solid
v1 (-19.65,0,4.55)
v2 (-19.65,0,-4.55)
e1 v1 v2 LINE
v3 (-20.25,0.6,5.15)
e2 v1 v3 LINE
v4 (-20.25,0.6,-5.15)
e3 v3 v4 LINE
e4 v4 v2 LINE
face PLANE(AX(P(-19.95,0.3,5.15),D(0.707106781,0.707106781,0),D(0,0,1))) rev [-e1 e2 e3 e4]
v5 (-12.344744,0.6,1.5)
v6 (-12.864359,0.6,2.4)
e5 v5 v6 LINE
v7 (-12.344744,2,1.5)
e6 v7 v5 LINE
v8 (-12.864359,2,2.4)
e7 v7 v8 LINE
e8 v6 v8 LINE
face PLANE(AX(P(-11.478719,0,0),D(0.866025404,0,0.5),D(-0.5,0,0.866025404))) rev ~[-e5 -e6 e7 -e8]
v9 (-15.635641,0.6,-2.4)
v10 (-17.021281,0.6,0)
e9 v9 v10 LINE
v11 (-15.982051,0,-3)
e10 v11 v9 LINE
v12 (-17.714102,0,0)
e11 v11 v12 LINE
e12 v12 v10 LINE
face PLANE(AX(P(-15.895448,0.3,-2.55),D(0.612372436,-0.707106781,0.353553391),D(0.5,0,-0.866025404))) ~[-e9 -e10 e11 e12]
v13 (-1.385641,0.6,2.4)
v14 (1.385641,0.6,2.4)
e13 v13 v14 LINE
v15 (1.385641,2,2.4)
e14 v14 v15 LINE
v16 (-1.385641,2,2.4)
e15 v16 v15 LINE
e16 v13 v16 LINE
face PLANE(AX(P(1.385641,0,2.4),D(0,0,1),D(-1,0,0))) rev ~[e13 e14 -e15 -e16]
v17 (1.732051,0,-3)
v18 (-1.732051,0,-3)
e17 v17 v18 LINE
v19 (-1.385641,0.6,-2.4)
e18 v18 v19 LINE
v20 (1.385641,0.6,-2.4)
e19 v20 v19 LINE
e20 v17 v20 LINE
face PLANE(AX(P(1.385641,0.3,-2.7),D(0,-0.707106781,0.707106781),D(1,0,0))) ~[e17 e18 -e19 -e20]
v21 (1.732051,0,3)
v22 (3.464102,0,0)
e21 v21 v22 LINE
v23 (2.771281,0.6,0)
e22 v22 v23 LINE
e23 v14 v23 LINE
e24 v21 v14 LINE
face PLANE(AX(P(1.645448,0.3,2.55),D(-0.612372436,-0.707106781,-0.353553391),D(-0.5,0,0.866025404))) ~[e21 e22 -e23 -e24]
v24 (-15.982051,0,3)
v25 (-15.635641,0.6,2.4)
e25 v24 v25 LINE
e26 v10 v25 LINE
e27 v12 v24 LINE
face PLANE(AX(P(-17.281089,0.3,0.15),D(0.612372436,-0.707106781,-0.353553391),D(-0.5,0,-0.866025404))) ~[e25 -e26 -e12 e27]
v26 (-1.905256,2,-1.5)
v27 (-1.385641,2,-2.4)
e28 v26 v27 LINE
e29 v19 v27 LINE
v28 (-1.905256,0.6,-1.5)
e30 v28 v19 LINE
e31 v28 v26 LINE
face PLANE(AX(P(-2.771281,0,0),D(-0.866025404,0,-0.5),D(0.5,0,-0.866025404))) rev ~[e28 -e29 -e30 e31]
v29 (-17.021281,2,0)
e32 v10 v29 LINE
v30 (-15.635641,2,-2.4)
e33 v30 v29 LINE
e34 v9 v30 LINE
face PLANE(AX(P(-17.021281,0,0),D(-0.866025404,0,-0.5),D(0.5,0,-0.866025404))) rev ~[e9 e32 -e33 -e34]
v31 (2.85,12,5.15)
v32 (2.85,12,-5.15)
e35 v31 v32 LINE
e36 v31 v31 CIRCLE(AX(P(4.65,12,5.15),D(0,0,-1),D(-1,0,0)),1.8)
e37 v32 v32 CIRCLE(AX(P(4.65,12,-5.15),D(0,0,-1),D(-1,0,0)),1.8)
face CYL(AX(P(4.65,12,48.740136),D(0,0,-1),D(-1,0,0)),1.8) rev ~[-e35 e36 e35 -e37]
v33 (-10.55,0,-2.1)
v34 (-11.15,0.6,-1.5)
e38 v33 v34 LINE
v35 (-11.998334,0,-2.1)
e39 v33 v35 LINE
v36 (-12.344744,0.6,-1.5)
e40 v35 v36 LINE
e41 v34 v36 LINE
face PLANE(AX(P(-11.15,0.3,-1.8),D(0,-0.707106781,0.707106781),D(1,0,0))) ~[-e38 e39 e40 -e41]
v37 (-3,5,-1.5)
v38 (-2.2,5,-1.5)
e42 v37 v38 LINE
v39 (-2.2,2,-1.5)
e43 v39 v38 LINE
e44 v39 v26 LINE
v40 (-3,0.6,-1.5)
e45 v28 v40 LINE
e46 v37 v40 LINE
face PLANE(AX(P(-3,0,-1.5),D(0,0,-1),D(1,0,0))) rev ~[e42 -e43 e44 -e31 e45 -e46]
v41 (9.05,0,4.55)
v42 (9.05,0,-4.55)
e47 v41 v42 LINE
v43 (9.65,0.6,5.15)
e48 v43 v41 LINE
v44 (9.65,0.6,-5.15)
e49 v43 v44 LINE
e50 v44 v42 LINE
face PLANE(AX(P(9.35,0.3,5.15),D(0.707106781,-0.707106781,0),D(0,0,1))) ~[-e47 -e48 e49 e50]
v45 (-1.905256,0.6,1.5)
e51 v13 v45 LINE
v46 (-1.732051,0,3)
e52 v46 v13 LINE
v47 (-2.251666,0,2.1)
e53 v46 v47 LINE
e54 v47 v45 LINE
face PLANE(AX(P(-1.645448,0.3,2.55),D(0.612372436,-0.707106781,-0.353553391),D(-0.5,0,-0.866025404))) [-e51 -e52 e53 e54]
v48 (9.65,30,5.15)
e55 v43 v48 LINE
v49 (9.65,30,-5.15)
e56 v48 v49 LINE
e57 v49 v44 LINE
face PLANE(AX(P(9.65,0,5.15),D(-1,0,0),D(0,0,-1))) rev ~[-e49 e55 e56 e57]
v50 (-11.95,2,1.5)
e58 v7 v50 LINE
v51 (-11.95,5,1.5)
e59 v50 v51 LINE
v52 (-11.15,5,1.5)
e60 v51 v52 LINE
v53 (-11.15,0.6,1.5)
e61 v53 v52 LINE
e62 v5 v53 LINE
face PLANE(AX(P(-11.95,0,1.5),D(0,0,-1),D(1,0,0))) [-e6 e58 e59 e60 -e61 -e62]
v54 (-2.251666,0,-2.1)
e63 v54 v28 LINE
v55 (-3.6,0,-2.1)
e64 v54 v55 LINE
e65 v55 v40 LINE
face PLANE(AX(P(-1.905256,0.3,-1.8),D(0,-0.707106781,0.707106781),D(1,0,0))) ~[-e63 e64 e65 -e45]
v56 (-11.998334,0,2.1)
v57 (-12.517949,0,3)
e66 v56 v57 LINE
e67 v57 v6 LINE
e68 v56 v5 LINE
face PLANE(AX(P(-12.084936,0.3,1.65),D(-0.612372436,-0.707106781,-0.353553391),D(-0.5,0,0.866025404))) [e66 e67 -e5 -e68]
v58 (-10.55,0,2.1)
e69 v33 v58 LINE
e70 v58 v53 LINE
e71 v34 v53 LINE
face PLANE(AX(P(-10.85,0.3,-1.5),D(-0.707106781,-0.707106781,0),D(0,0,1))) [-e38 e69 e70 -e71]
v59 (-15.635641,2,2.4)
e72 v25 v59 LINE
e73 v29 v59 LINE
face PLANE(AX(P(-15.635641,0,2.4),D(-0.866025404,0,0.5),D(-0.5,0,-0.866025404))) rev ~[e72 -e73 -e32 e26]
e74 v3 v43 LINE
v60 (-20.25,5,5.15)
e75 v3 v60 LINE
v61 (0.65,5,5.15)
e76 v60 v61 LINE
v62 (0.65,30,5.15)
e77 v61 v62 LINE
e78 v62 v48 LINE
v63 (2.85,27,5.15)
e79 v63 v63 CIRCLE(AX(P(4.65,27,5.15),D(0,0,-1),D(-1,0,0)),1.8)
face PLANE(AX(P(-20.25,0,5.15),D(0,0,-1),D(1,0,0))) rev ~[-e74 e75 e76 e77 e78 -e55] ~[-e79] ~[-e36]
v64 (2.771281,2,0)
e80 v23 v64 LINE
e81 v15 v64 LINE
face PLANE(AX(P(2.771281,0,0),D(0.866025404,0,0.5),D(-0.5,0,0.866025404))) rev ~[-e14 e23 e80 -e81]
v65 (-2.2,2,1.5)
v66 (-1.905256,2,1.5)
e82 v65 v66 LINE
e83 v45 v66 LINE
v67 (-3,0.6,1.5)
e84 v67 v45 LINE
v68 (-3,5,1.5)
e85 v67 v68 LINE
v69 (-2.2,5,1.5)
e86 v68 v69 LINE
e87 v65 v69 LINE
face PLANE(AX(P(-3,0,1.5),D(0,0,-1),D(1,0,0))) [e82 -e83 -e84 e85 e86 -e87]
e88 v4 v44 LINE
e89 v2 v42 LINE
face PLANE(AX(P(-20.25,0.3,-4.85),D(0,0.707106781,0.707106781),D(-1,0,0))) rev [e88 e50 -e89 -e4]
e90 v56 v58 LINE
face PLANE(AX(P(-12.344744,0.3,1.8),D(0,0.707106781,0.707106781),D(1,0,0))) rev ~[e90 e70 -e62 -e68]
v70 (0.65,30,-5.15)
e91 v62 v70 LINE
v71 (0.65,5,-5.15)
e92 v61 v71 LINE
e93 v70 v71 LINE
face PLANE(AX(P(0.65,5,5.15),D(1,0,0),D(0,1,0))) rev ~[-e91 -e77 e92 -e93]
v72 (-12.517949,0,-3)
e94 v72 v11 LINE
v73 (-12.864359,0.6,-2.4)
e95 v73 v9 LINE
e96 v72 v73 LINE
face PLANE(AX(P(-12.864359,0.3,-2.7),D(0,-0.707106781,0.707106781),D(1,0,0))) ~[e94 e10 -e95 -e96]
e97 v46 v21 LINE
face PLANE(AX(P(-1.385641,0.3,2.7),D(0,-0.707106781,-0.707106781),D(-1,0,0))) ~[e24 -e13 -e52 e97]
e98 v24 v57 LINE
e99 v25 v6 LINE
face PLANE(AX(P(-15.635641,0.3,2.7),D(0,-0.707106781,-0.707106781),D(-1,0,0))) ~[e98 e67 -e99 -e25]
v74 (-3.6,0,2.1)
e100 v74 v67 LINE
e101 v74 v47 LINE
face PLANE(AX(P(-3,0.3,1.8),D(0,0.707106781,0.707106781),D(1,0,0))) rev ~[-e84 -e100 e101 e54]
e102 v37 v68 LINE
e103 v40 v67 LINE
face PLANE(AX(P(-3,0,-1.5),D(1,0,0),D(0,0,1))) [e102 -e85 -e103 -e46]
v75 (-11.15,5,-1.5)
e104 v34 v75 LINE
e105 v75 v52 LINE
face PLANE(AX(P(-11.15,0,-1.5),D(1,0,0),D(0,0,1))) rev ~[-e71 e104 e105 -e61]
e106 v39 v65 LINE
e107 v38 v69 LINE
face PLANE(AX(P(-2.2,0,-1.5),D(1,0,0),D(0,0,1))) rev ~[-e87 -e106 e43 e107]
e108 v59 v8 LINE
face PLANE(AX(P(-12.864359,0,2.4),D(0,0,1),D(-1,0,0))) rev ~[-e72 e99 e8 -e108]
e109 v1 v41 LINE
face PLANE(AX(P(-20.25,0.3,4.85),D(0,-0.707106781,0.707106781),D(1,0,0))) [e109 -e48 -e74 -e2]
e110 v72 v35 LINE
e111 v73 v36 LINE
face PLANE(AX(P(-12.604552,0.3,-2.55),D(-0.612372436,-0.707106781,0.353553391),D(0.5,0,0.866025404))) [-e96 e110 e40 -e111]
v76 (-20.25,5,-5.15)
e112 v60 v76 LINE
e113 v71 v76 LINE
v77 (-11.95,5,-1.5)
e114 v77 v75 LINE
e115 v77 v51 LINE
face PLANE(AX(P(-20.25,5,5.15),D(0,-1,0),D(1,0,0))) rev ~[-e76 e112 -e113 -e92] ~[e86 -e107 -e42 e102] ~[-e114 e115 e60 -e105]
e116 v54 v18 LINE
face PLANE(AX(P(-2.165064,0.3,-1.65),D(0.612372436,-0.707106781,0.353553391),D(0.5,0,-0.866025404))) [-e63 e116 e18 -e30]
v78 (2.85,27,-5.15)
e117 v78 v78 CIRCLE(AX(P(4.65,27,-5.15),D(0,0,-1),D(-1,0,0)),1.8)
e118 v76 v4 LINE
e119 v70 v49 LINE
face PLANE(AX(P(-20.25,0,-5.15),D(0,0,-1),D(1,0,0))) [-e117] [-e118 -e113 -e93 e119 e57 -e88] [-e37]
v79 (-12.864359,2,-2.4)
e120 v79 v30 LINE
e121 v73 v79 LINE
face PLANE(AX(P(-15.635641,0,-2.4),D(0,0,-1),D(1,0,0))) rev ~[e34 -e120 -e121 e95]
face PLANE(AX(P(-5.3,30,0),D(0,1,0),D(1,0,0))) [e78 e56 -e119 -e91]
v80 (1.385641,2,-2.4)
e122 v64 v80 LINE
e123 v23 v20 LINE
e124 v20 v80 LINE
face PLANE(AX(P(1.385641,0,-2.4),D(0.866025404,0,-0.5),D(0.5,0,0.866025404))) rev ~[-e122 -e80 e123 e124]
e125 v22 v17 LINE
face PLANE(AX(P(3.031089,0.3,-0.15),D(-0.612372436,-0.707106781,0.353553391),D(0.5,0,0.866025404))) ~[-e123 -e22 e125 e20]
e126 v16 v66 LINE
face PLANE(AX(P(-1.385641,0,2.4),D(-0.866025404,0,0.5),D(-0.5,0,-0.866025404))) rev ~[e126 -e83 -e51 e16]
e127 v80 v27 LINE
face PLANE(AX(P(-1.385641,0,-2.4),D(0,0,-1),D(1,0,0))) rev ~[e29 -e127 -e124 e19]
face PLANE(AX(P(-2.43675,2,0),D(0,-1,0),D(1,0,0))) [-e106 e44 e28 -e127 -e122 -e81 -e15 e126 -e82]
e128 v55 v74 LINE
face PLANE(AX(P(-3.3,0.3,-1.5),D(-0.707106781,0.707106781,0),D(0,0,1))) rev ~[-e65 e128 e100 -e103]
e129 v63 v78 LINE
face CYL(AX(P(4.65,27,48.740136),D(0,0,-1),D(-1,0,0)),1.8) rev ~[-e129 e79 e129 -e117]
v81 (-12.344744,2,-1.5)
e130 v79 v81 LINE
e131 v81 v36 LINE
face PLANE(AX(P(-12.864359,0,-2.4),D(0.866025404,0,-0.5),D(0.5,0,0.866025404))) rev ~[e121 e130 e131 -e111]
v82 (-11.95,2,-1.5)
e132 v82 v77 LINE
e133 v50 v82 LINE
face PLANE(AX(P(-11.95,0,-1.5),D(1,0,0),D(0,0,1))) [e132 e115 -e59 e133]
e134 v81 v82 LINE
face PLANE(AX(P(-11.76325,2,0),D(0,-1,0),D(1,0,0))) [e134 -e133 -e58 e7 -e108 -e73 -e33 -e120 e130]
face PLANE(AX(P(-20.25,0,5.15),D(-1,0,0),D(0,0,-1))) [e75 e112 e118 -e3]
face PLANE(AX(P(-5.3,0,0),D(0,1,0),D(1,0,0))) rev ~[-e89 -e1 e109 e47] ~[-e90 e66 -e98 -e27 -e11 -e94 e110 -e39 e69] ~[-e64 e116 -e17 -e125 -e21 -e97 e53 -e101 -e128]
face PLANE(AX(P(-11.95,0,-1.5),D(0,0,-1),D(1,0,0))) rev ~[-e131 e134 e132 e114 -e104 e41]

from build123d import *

# Parameters (mm, degrees)
SKETCH1_W            = 29.9
SKETCH1_H            = 10.3
SKETCH1_R            = 2.4
BOSS_EXTRUDE1_DEPTH  = 30
BOSS_EXTRUDE3_START  = -2
SKETCH4_W            = 29.9
SKETCH4_H            = 10.3
BOSS_EXTRUDE3_DEPTH  = 28
SKETCH2_W            = 20.9
SKETCH2_H            = 25
CUT_EXTRUDE1_DEPTH   = 11.3
SKETCH3_W            = 0.8
SKETCH3_H            = 3
CUT_EXTRUDE2_DEPTH   = 31
M3_CLEARANCE_HOLE1_D = 3.6
SKETCH7_W            = 1.2265006
SKETCH7_H            = 3
SKETCH7_W_2          = 1.1265006
CUT_EXTRUDE3_DEPTH   = 2
CUT_EXTRUDE4_DEPTH   = 2
CHAMFER1_SIZE        = 0.6


with BuildPart() as part:
    # Sketch1 → Boss-Extrude1 (new body)
    with BuildSketch(Plane(origin=(0, 0, 0), x_dir=(1, 0, 0), z_dir=(0, 1, 0))):
        with Locations((-5.3, 0)):
            Rectangle(SKETCH1_W, SKETCH1_H)
        Circle(SKETCH1_R, mode=Mode.SUBTRACT)
        with Locations((-14.25, 0)):
            Circle(SKETCH1_R, mode=Mode.SUBTRACT)
    extrude(amount=BOSS_EXTRUDE1_DEPTH)

    # Sketch4 → Boss-Extrude3 (add)
    with BuildSketch(Plane.XZ.offset(BOSS_EXTRUDE3_START)):
        with Locations((-5.3, 0)):
            Rectangle(SKETCH4_W, SKETCH4_H)
    extrude(amount=-BOSS_EXTRUDE3_DEPTH)

    # Sketch2 → Cut-Extrude1 (cut, through all)
    with BuildSketch(Plane.XY.offset(5.15)):
        with Locations((-9.8, 17.5)):
            Rectangle(SKETCH2_W, SKETCH2_H)
    extrude(amount=-CUT_EXTRUDE1_DEPTH, mode=Mode.SUBTRACT)

    # Sketch3 → Cut-Extrude2 (cut, through all)
    with BuildSketch(Plane.XZ):
        with Locations((-11.55, 0)):
            Rectangle(SKETCH3_W, SKETCH3_H)
        with Locations((-2.6, 0)):
            Rectangle(SKETCH3_W, SKETCH3_H)
    extrude(amount=-CUT_EXTRUDE2_DEPTH, mode=Mode.SUBTRACT)

    # M3 Clearance Hole1 (through all)
    with Locations(Plane.XY.offset(5.15)):
        with Locations((4.65, 12), (4.65, 27)):
            Hole(M3_CLEARANCE_HOLE1_D / 2)

    # Sketch7 → Cut-Extrude3 (cut)
    with BuildSketch(Plane.XZ):
        with Locations((-11.7632503, 0)):
            Rectangle(SKETCH7_W, SKETCH7_H)
        with Locations((-2.4367497, 0)):
            Rectangle(SKETCH7_W_2, SKETCH7_H)
    extrude(amount=-CUT_EXTRUDE3_DEPTH, mode=Mode.SUBTRACT)

    # Sketch8 → Cut-Extrude4 (cut)
    with BuildSketch(Plane.XZ):
        Polygon((-15.635640646, 2.4), (-17.021281292, 0), (-15.635640646, -2.4), (-12.864359354, -2.4), (-11.478718708, 0), (-12.864359354, 2.4), align=None)
        Polygon((1.385640646, 2.4), (-1.385640646, 2.4), (-2.771281292, 0), (-1.385640646, -2.4), (1.385640646, -2.4), (2.771281292, 0), align=None)
    extrude(amount=-CUT_EXTRUDE4_DEPTH, mode=Mode.SUBTRACT)

    # Chamfer1
    chamfer1_edges = [part.edges().sort_by_distance(p)[0] for p in [
        (-11.747372056, 0, -1.5),
        (-2.452627944, 0, 1.5),
        (-12.604551733, 0, 1.95),
        (-14.25, 0, 2.4),
        (-16.328460969, 0, 1.2),
        (-16.328460969, 0, -1.2),
        (-14.25, 0, -2.4),
        (-12.604551733, 0, -1.95),
        (-1.645448267, 0, 1.95),
        (0, 0, 2.4),
        (2.078460969, 0, 1.2),
        (2.078460969, 0, -1.2),
        (0, 0, -2.4),
        (-1.645448267, 0, -1.95),
        (-5.3, 0, -5.15),
        (9.65, 0, 0),
        (-5.3, 0, 5.15),
        (-20.25, 0, 0),
        (-11.15, 0, 0),
        (-11.747372056, 0, 1.5),
        (-3, 0, 0),
        (-2.452627944, 0, -1.5),
    ]]
    chamfer(chamfer1_edges, length=CHAMFER1_SIZE)


solid = part.part
